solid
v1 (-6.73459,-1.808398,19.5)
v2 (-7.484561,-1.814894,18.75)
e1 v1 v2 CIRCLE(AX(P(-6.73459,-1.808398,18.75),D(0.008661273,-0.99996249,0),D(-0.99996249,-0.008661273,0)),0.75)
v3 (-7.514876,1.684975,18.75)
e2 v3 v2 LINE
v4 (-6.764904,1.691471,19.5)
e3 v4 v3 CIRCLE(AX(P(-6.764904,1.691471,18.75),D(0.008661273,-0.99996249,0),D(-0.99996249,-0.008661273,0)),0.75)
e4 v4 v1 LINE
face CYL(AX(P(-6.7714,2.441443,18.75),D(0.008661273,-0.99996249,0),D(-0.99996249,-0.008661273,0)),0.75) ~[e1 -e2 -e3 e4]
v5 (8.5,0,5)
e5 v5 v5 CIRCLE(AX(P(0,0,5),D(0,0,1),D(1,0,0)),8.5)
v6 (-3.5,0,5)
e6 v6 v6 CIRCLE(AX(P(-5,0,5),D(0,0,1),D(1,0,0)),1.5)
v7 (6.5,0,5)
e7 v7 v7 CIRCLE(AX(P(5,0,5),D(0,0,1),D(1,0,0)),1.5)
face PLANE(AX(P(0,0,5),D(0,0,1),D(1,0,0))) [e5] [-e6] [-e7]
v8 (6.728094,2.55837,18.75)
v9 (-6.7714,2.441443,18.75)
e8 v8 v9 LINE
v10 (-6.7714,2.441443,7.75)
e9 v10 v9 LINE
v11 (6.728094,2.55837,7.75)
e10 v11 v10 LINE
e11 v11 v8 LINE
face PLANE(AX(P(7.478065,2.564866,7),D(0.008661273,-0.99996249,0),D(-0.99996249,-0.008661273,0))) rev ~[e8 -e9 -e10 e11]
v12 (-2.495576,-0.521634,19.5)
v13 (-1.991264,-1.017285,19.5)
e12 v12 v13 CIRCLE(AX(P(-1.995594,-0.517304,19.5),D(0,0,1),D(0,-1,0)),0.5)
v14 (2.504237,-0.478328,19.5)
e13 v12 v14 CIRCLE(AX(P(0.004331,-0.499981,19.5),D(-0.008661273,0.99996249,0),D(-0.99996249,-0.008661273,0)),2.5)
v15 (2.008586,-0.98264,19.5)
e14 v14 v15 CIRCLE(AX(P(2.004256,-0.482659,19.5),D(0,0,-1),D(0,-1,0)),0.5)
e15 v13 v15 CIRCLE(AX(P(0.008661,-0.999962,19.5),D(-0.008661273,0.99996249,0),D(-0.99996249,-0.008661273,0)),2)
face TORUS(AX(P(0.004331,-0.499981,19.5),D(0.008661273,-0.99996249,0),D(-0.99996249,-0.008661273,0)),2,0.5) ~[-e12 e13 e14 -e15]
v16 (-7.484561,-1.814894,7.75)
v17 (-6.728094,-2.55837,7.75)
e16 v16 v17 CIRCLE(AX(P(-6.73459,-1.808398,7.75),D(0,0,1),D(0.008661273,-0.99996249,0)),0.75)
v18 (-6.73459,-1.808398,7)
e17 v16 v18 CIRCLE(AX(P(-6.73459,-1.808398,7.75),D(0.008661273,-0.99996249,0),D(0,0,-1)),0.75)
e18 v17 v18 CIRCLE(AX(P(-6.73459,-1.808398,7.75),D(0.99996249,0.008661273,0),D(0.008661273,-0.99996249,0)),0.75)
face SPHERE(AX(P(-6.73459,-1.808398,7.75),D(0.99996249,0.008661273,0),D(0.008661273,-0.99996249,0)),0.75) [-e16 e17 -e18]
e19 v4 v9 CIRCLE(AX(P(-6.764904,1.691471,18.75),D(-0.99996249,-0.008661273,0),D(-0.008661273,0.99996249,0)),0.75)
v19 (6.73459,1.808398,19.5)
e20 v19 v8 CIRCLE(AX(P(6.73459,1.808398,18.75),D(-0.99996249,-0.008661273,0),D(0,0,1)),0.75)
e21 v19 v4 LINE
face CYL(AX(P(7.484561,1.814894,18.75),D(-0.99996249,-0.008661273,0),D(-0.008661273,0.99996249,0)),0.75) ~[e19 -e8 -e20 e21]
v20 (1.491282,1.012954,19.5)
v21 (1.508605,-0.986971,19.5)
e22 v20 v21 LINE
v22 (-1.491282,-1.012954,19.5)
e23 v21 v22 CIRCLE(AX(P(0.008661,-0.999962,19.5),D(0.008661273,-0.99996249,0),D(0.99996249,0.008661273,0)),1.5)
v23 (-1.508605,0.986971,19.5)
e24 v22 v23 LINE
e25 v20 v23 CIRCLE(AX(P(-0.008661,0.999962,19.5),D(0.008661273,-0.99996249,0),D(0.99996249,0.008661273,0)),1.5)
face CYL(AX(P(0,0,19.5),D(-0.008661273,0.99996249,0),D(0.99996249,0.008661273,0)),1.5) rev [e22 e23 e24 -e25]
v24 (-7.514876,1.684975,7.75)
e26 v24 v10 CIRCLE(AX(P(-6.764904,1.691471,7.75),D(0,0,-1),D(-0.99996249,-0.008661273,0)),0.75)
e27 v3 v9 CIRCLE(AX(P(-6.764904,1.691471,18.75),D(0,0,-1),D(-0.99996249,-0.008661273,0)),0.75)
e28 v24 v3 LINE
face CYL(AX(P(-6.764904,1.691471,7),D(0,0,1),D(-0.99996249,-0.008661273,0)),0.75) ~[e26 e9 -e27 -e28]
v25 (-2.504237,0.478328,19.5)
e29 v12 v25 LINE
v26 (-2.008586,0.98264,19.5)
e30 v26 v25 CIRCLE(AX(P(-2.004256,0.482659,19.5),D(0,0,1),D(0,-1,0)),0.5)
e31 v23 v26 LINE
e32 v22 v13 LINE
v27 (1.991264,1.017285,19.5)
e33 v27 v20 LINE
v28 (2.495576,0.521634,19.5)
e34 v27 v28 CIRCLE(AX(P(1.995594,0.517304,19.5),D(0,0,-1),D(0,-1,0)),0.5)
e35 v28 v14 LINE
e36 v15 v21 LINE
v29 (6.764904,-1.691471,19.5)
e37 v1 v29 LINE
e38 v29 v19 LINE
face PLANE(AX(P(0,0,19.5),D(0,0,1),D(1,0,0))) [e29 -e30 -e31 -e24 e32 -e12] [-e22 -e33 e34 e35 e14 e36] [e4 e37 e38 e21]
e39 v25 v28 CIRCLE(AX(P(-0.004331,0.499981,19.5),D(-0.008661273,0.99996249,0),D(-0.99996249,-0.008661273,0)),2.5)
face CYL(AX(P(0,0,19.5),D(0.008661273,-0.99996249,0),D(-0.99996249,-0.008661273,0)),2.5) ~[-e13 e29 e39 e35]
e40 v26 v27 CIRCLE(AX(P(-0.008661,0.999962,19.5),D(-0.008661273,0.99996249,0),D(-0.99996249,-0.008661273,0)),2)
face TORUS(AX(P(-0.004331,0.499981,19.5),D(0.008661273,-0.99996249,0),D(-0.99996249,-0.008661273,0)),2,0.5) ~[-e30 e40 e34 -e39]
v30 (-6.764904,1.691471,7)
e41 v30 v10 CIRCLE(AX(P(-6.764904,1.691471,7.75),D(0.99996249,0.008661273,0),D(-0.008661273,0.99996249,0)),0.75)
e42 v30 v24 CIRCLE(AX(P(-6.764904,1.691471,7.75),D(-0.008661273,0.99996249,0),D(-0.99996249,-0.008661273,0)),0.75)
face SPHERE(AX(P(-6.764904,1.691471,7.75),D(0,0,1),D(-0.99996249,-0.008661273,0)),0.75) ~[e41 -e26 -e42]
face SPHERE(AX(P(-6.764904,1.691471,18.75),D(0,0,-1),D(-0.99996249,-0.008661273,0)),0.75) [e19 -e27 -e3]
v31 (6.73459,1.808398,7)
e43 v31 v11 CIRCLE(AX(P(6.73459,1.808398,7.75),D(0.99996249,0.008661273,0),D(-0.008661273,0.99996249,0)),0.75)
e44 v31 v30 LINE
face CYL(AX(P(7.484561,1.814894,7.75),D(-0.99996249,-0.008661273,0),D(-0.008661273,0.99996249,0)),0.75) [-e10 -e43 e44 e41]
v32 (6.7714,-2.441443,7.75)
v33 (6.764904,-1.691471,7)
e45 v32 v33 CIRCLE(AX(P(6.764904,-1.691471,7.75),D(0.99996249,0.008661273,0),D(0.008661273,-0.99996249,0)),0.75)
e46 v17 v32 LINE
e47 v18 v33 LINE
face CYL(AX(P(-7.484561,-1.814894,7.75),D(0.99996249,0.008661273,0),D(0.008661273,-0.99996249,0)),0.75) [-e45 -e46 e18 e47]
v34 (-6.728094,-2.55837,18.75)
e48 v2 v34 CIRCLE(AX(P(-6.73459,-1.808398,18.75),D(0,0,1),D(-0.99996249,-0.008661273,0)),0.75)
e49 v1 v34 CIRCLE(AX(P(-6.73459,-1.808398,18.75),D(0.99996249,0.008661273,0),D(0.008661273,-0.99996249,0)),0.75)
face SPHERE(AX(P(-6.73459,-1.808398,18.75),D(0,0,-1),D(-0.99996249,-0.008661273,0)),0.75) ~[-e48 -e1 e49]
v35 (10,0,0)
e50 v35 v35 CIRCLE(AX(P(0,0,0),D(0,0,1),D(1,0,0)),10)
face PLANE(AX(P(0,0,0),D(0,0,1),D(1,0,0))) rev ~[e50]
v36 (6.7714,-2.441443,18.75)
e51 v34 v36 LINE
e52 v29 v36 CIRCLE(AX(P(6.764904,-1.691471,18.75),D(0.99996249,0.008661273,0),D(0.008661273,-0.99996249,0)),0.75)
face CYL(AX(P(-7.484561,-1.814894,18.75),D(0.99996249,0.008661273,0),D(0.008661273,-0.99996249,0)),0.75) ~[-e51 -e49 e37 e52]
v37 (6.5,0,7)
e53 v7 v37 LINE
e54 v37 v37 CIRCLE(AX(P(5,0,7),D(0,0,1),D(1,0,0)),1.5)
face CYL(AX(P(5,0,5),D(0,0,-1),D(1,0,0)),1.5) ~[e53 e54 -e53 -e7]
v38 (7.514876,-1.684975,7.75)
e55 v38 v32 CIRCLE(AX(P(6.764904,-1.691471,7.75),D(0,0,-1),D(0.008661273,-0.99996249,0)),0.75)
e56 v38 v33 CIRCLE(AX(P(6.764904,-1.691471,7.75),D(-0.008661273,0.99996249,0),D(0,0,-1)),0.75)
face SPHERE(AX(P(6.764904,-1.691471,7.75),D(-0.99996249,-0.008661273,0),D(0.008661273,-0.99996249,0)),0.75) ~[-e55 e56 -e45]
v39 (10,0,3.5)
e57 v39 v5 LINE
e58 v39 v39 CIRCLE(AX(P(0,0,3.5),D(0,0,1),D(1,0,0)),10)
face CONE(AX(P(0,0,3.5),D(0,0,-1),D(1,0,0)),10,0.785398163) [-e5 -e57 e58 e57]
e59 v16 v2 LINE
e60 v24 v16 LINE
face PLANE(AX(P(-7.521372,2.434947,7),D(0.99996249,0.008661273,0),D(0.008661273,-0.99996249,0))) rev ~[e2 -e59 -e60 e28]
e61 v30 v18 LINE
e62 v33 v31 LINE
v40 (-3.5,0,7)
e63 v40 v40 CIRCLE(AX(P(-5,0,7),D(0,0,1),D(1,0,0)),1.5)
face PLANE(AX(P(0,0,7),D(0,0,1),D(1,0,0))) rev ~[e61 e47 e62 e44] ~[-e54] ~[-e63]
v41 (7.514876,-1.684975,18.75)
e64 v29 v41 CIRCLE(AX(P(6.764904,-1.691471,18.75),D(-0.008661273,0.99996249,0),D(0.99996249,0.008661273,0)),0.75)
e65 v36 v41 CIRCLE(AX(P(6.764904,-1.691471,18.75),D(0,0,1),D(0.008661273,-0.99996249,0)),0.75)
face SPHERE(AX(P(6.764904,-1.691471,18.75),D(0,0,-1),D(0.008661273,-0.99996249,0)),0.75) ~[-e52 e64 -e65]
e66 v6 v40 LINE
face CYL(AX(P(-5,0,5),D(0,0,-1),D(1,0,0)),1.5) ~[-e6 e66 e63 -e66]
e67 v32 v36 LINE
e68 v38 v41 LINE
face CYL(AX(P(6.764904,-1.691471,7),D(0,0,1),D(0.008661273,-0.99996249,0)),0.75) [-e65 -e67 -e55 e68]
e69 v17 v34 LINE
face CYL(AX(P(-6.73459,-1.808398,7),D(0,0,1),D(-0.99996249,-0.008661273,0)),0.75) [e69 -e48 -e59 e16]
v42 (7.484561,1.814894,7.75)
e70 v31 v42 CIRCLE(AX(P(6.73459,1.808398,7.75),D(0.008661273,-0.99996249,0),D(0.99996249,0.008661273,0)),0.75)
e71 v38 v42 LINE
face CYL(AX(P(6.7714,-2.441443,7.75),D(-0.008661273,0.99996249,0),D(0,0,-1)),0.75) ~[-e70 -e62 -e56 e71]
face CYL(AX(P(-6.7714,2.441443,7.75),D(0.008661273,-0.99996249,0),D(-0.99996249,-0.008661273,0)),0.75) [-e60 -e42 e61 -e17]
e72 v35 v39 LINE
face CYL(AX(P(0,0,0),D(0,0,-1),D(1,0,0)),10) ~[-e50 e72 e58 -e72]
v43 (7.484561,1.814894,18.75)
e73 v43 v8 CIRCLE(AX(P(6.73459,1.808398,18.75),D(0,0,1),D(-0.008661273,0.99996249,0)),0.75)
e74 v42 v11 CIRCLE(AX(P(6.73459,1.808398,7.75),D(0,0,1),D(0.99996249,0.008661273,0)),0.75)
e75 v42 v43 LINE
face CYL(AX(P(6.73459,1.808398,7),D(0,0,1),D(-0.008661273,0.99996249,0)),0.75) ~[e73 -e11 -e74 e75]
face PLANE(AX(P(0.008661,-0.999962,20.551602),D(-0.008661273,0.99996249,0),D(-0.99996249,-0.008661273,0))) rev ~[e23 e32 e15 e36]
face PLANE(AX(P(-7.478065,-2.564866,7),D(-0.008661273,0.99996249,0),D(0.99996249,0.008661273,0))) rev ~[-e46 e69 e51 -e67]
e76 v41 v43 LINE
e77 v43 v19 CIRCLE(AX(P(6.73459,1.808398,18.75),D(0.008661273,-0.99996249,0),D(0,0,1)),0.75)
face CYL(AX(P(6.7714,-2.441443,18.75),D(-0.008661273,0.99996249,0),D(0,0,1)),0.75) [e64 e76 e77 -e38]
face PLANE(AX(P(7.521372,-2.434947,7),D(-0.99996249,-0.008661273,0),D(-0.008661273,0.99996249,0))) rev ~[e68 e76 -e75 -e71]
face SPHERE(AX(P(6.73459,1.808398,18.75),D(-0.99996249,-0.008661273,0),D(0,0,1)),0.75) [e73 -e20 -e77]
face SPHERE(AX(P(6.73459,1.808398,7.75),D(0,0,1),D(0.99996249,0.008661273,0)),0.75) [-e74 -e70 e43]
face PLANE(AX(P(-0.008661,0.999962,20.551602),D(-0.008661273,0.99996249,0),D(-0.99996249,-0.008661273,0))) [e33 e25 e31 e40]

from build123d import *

# Parameters (mm, degrees)
F0_R      = 10
F1_DEPTH  = 5
F2_SIZE   = 1.5
F3_R      = 1.5
F4_DEPTH  = 2
F6_DEPTH  = 12.5
F7_R      = 0.75
F10_DEPTH = 1
F11_DEPTH = 1
F12_R     = 0.5


with BuildPart() as f1:
    # F0 (on Top) → F1 (new body)
    with BuildSketch(Plane.XY):
        Circle(F0_R)
    extrude(amount=F1_DEPTH)

    # F2
    f2_edges = [f1.edges().sort_by_distance(p)[0] for p in [
        (-10, 0, 5),
    ]]
    chamfer(f2_edges, length=F2_SIZE)

    # F3 (on face) → F4 (join)
    with BuildSketch(Plane.XY.offset(5)):
        with Locations((-5, 0)):
            Circle(F3_R)
        with Locations((5, 0)):
            Circle(F3_R)
    extrude(amount=F4_DEPTH)

    # F5 (on face) → F6 (join)
    with BuildSketch(Plane.XY.offset(7)):
        Polygon((-7.5213718601, 2.4349466817), (-7.4997186786, -0.0649595445), (-7.4780654971, -2.5648657707), (7.5213718601, -2.4349466817), (7.4780654971, 2.5648657707), align=None)
        with BuildLine():
            ThreePointArc((-3.5, 0), (-3.5000766094, -0.015159897), (-3.50030643, -0.0303182454))
            ThreePointArc((-3.50030643, -0.0303182454), (-4.9870080911, -1.4999437357), (-6.4989433936, -0.0562912318))
            ThreePointArc((-6.4989433936, -0.0562912318), (-5.0281505737, 1.4997358251), (-3.5, 0))
        make_face(mode=Mode.SUBTRACT)
        with BuildLine():
            Line((-6.4989433936, -0.0562912318), (-3.50030643, -0.0303182454))
            ThreePointArc((-3.50030643, -0.0303182454), (-3.5000766094, -0.015159897), (-3.5, 0))
            ThreePointArc((-3.5, 0), (-5.0281505737, 1.4997358251), (-6.4989433936, -0.0562912318))
        make_face()
        with BuildLine():
            ThreePointArc((-6.4989433936, -0.0562912318), (-4.9870080911, -1.4999437357), (-3.50030643, -0.0303182454))
            Line((-3.50030643, -0.0303182454), (-6.4989433936, -0.0562912318))
        make_face()
    extrude(amount=F6_DEPTH)

    # F7
    f7_edges = [f1.edges().sort_by_distance(p)[0] for p in [
        (0.021653, -2.499906, 7),
        (7.521372, -2.434947, 13.25),
        (-7.478065, -2.564866, 13.25),
        (-7.521372, 2.434947, 13.25),
        (-7.499719, -0.06496, 7),
        (-7.499719, -0.06496, 19.5),
        (-0.021653, 2.499906, 19.5),
        (0.021653, -2.499906, 19.5),
        (7.499719, 0.06496, 19.5),
        (7.478065, 2.564866, 13.25),
        (7.499719, 0.06496, 7),
        (-0.021653, 2.499906, 7),
    ]]
    fillet(f7_edges, radius=F7_R)

    # F9 (on offset) → F10 (join)
    with BuildSketch(Plane(origin=(0, 0, 0), x_dir=(-0.9999624905, -0.0086612726, 0), z_dir=(-0.0086612726, 0.9999624905, 0))):
        with BuildLine():
            ThreePointArc((-1.5, 19.5), (0, 21), (1.5, 19.5))
            Line((1.5, 19.5), (2.5, 19.5))
            ThreePointArc((2.5, 19.5), (0, 22), (-2.5, 19.5))
            Line((-2.5, 19.5), (-1.5, 19.5))
        make_face()
    extrude(amount=F10_DEPTH)

    # F11 (add): a face of the model
    f11_faces = [f1.faces().sort_by_distance(p)[0] for p in [
        (0, 0, 21.0559016994),
    ]]
    extrude(f11_faces, amount=F11_DEPTH)

    # F12
    f12_edges = [f1.edges().sort_by_distance(p)[0] for p in [
        (-0.008661, 0.999962, 22),
        (0.008661, -0.999962, 22),
    ]]
    fillet(f12_edges, radius=F12_R)


solid = f1.part
